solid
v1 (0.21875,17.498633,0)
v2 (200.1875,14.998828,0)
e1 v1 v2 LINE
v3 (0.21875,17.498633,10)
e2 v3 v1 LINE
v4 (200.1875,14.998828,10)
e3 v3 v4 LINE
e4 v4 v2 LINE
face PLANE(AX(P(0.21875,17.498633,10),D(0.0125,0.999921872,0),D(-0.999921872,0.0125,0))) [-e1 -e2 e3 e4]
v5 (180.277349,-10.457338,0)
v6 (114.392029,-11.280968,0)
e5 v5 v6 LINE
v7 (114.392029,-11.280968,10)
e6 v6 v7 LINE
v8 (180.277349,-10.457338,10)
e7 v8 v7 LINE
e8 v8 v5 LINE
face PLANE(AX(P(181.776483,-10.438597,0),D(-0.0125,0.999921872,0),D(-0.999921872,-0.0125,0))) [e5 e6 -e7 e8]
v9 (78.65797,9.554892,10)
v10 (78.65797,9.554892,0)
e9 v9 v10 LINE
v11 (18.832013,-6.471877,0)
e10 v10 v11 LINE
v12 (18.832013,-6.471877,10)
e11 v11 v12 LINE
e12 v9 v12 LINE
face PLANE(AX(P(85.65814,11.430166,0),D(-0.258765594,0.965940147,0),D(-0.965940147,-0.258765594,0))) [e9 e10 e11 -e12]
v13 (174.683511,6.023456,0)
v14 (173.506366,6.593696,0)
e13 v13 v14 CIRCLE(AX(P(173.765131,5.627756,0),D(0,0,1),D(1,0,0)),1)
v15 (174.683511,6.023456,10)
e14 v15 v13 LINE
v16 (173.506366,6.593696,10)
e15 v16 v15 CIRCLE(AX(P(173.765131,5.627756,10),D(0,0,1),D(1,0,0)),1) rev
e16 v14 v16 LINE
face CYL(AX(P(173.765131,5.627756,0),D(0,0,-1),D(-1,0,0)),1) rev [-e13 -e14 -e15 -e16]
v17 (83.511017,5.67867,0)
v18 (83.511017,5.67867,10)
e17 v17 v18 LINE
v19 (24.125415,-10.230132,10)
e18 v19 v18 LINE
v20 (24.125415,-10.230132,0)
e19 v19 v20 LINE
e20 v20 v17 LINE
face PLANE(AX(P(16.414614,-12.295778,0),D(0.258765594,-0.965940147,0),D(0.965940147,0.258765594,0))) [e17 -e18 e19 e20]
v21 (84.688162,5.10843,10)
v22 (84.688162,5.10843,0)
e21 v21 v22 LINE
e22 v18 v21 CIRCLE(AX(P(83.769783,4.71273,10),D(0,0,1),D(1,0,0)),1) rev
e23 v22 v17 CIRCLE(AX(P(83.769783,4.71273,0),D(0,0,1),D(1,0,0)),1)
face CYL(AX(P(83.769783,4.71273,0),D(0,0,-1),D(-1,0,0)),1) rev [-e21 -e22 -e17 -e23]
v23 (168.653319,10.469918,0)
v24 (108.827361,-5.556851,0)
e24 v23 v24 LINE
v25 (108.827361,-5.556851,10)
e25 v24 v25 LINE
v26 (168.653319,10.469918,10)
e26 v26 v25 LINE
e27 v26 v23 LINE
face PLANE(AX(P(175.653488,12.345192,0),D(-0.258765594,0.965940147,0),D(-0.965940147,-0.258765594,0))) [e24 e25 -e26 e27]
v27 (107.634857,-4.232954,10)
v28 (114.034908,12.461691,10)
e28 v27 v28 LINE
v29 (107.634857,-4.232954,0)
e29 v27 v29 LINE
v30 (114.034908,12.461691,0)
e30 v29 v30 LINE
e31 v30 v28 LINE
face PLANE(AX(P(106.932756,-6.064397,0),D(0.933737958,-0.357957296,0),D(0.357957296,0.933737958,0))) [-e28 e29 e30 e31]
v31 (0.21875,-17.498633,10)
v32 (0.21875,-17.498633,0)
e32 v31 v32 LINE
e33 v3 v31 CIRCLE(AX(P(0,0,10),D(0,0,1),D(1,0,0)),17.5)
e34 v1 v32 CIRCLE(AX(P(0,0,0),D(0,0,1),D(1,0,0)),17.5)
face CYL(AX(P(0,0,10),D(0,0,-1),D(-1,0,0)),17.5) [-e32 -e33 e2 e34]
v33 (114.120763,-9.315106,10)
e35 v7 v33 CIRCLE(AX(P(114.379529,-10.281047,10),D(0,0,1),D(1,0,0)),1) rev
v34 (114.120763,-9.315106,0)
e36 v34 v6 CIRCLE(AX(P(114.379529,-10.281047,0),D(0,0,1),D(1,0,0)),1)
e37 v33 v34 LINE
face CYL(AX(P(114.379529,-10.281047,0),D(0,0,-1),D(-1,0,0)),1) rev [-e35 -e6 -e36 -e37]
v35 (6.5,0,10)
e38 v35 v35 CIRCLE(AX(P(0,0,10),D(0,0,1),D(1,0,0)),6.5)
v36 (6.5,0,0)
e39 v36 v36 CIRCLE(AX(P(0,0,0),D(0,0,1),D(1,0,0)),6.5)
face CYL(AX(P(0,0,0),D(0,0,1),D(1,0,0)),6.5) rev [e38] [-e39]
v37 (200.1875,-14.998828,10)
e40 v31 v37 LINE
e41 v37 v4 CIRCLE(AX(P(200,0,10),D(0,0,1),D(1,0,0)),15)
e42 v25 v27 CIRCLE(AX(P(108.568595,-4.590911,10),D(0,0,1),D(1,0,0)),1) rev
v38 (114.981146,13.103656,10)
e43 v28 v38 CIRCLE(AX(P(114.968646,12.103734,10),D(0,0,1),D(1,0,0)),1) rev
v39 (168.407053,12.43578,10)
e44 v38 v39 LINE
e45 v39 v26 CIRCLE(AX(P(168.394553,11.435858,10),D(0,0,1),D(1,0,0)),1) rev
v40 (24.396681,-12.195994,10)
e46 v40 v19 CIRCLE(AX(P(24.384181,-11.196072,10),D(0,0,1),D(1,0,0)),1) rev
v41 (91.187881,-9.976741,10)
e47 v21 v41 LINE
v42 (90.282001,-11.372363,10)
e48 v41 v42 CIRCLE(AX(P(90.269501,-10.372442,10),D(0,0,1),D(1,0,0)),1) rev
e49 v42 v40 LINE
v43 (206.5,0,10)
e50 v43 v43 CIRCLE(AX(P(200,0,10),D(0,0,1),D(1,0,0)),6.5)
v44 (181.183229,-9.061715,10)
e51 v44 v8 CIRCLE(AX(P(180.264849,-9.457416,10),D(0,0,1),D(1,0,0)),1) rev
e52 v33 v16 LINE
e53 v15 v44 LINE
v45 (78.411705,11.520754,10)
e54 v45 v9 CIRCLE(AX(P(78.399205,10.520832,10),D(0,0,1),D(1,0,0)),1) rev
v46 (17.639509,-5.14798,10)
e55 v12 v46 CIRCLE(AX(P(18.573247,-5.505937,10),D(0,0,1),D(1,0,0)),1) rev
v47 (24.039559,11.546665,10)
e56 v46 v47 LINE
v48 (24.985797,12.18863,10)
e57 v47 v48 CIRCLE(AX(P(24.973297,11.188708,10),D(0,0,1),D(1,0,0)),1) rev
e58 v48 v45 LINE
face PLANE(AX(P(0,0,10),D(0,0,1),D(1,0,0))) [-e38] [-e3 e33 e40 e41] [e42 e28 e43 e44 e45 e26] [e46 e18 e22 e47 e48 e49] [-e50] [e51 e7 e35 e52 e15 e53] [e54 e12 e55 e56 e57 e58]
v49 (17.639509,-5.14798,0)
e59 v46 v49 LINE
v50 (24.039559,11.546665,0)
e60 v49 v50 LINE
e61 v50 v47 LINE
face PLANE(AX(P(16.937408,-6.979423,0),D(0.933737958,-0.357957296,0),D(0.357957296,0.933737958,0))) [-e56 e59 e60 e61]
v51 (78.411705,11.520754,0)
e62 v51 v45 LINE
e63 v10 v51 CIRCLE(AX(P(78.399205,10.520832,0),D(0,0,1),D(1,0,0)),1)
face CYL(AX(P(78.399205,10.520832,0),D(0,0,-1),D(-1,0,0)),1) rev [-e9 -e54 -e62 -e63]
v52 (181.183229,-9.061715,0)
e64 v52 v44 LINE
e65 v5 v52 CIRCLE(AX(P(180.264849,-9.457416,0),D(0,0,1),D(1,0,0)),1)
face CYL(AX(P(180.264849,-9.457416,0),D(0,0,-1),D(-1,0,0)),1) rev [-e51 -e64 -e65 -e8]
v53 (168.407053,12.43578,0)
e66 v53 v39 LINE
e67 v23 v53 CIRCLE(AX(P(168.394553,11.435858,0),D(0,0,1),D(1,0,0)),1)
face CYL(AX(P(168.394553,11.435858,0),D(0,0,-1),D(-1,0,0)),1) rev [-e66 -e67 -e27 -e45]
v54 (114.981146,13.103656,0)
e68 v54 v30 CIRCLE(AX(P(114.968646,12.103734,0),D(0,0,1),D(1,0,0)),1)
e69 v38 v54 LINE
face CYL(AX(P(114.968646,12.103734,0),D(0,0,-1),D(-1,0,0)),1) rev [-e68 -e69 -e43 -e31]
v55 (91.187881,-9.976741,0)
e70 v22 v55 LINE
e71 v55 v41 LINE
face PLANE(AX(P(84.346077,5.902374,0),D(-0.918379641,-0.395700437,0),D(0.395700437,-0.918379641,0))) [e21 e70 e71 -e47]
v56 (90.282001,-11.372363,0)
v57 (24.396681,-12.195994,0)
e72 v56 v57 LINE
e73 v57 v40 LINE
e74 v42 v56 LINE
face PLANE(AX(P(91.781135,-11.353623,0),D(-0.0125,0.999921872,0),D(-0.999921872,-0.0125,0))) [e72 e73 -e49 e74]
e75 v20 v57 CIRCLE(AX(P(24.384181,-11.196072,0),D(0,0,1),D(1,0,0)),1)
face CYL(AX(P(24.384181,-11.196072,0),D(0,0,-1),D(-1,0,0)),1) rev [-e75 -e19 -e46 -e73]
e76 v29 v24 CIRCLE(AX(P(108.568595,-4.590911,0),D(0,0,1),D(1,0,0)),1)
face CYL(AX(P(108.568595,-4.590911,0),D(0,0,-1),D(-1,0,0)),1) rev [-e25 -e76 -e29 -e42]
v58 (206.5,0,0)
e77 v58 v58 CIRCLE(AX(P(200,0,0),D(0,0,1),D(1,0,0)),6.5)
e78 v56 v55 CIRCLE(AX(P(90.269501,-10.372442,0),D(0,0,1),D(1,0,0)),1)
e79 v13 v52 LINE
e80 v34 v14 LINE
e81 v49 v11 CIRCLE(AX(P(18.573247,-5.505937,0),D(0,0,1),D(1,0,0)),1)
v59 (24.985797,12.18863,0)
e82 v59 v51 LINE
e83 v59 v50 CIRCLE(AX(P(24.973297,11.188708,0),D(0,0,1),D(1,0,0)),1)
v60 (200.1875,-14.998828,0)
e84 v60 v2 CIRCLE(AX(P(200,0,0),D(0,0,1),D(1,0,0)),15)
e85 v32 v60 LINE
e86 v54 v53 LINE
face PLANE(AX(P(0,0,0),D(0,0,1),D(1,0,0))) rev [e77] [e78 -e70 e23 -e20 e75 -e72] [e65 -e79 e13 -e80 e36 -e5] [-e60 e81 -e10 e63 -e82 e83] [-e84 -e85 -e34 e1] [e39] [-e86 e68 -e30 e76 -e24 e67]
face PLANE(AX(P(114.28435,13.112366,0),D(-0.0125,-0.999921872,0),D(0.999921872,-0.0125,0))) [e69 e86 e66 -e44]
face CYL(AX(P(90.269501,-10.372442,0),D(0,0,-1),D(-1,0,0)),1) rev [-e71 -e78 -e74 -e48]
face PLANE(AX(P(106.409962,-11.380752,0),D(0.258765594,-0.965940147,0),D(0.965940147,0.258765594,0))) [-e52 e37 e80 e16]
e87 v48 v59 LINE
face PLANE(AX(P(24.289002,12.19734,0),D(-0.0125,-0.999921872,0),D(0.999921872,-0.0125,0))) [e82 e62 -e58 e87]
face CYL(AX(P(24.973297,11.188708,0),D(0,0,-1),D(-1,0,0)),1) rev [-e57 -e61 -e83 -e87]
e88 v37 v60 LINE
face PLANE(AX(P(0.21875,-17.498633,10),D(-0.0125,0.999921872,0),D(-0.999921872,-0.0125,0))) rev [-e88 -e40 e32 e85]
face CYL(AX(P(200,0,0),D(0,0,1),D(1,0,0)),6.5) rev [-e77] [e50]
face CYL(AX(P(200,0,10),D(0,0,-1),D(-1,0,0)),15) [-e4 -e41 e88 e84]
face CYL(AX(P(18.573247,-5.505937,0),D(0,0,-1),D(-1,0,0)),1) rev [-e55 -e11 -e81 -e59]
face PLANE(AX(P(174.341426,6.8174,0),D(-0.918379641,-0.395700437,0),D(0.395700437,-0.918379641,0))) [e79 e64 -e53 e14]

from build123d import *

# Parameters (mm, degrees)
EXTRUDE_1_DEPTH     = 10
SKETCH_2_R          = 6.5
CUT_EXTRUDE_1_DEPTH = 10
CUT_EXTRUDE_2_DEPTH = 10
FILLET_1_R          = 1
SKETCH_4_R          = 6.5
CUT_EXTRUDE_3_DEPTH = 10


with BuildPart() as part:
    # 草图1 → 凸台-拉伸1 (new body)
    with BuildSketch(Plane.XY):
        with BuildLine():
            Line((200.1875, 14.998828079), (0.21875, 17.498632759))
            ThreePointArc((0.21875, 17.498632759), (-17.5, 0), (0.21875, -17.498632759))
            Line((0.21875, -17.498632759), (200.1875, -14.998828079))
            ThreePointArc((200.1875, -14.998828079), (215, 0), (200.1875, 14.998828079))
        make_face()
    extrude(amount=EXTRUDE_1_DEPTH)

    # 草图2 → 切除-拉伸1 (cut)
    with BuildSketch(Plane.XY.offset(10)):
        Circle(SKETCH_2_R)
    extrude(amount=-CUT_EXTRUDE_1_DEPTH, mode=Mode.SUBTRACT)

    # 草图3 → 切除-拉伸2 (cut)
    with BuildSketch(Plane.XY.offset(10)):
        Polygon((24.289001935, 12.19734043), (85.658139631, 11.430166271), (16.937408094, -6.979422532), align=None)
        Polygon((16.414613885, -12.295777972), (84.346077325, 5.902373893), (91.781134838, -11.353622851), align=None)
        Polygon((106.93275646, -6.06439659), (114.284350301, 13.112366373), (175.653487997, 12.345192214), align=None)
        Polygon((181.776483204, -10.438596909), (106.409962251, -11.380752029), (174.341425691, 6.817399835), align=None)
    extrude(amount=-CUT_EXTRUDE_2_DEPTH, mode=Mode.SUBTRACT)

    # 圆角1
    fillet_1_edges = [part.edges().sort_by_distance(p)[0] for p in [
        (84.346077325, 5.902373893, 5),
        (91.781134838, -11.353622851, 5),
        (16.414613885, -12.295777972, 5),
        (175.653487997, 12.345192214, 5),
        (106.93275646, -6.06439659, 5),
        (114.284350301, 13.112366373, 5),
        (174.341425691, 6.817399835, 5),
        (181.776483204, -10.438596909, 5),
        (106.409962251, -11.380752029, 5),
        (85.658139631, 11.430166271, 5),
        (16.937408094, -6.979422532, 5),
        (24.289001935, 12.19734043, 5),
    ]]
    fillet(fillet_1_edges, radius=FILLET_1_R)

    # 草图4 → 切除-拉伸3 (cut)
    with BuildSketch(Plane.XY.offset(10)):
        with Locations((200, 0)):
            Circle(SKETCH_4_R)
    extrude(amount=-CUT_EXTRUDE_3_DEPTH, mode=Mode.SUBTRACT)


solid = part.part
